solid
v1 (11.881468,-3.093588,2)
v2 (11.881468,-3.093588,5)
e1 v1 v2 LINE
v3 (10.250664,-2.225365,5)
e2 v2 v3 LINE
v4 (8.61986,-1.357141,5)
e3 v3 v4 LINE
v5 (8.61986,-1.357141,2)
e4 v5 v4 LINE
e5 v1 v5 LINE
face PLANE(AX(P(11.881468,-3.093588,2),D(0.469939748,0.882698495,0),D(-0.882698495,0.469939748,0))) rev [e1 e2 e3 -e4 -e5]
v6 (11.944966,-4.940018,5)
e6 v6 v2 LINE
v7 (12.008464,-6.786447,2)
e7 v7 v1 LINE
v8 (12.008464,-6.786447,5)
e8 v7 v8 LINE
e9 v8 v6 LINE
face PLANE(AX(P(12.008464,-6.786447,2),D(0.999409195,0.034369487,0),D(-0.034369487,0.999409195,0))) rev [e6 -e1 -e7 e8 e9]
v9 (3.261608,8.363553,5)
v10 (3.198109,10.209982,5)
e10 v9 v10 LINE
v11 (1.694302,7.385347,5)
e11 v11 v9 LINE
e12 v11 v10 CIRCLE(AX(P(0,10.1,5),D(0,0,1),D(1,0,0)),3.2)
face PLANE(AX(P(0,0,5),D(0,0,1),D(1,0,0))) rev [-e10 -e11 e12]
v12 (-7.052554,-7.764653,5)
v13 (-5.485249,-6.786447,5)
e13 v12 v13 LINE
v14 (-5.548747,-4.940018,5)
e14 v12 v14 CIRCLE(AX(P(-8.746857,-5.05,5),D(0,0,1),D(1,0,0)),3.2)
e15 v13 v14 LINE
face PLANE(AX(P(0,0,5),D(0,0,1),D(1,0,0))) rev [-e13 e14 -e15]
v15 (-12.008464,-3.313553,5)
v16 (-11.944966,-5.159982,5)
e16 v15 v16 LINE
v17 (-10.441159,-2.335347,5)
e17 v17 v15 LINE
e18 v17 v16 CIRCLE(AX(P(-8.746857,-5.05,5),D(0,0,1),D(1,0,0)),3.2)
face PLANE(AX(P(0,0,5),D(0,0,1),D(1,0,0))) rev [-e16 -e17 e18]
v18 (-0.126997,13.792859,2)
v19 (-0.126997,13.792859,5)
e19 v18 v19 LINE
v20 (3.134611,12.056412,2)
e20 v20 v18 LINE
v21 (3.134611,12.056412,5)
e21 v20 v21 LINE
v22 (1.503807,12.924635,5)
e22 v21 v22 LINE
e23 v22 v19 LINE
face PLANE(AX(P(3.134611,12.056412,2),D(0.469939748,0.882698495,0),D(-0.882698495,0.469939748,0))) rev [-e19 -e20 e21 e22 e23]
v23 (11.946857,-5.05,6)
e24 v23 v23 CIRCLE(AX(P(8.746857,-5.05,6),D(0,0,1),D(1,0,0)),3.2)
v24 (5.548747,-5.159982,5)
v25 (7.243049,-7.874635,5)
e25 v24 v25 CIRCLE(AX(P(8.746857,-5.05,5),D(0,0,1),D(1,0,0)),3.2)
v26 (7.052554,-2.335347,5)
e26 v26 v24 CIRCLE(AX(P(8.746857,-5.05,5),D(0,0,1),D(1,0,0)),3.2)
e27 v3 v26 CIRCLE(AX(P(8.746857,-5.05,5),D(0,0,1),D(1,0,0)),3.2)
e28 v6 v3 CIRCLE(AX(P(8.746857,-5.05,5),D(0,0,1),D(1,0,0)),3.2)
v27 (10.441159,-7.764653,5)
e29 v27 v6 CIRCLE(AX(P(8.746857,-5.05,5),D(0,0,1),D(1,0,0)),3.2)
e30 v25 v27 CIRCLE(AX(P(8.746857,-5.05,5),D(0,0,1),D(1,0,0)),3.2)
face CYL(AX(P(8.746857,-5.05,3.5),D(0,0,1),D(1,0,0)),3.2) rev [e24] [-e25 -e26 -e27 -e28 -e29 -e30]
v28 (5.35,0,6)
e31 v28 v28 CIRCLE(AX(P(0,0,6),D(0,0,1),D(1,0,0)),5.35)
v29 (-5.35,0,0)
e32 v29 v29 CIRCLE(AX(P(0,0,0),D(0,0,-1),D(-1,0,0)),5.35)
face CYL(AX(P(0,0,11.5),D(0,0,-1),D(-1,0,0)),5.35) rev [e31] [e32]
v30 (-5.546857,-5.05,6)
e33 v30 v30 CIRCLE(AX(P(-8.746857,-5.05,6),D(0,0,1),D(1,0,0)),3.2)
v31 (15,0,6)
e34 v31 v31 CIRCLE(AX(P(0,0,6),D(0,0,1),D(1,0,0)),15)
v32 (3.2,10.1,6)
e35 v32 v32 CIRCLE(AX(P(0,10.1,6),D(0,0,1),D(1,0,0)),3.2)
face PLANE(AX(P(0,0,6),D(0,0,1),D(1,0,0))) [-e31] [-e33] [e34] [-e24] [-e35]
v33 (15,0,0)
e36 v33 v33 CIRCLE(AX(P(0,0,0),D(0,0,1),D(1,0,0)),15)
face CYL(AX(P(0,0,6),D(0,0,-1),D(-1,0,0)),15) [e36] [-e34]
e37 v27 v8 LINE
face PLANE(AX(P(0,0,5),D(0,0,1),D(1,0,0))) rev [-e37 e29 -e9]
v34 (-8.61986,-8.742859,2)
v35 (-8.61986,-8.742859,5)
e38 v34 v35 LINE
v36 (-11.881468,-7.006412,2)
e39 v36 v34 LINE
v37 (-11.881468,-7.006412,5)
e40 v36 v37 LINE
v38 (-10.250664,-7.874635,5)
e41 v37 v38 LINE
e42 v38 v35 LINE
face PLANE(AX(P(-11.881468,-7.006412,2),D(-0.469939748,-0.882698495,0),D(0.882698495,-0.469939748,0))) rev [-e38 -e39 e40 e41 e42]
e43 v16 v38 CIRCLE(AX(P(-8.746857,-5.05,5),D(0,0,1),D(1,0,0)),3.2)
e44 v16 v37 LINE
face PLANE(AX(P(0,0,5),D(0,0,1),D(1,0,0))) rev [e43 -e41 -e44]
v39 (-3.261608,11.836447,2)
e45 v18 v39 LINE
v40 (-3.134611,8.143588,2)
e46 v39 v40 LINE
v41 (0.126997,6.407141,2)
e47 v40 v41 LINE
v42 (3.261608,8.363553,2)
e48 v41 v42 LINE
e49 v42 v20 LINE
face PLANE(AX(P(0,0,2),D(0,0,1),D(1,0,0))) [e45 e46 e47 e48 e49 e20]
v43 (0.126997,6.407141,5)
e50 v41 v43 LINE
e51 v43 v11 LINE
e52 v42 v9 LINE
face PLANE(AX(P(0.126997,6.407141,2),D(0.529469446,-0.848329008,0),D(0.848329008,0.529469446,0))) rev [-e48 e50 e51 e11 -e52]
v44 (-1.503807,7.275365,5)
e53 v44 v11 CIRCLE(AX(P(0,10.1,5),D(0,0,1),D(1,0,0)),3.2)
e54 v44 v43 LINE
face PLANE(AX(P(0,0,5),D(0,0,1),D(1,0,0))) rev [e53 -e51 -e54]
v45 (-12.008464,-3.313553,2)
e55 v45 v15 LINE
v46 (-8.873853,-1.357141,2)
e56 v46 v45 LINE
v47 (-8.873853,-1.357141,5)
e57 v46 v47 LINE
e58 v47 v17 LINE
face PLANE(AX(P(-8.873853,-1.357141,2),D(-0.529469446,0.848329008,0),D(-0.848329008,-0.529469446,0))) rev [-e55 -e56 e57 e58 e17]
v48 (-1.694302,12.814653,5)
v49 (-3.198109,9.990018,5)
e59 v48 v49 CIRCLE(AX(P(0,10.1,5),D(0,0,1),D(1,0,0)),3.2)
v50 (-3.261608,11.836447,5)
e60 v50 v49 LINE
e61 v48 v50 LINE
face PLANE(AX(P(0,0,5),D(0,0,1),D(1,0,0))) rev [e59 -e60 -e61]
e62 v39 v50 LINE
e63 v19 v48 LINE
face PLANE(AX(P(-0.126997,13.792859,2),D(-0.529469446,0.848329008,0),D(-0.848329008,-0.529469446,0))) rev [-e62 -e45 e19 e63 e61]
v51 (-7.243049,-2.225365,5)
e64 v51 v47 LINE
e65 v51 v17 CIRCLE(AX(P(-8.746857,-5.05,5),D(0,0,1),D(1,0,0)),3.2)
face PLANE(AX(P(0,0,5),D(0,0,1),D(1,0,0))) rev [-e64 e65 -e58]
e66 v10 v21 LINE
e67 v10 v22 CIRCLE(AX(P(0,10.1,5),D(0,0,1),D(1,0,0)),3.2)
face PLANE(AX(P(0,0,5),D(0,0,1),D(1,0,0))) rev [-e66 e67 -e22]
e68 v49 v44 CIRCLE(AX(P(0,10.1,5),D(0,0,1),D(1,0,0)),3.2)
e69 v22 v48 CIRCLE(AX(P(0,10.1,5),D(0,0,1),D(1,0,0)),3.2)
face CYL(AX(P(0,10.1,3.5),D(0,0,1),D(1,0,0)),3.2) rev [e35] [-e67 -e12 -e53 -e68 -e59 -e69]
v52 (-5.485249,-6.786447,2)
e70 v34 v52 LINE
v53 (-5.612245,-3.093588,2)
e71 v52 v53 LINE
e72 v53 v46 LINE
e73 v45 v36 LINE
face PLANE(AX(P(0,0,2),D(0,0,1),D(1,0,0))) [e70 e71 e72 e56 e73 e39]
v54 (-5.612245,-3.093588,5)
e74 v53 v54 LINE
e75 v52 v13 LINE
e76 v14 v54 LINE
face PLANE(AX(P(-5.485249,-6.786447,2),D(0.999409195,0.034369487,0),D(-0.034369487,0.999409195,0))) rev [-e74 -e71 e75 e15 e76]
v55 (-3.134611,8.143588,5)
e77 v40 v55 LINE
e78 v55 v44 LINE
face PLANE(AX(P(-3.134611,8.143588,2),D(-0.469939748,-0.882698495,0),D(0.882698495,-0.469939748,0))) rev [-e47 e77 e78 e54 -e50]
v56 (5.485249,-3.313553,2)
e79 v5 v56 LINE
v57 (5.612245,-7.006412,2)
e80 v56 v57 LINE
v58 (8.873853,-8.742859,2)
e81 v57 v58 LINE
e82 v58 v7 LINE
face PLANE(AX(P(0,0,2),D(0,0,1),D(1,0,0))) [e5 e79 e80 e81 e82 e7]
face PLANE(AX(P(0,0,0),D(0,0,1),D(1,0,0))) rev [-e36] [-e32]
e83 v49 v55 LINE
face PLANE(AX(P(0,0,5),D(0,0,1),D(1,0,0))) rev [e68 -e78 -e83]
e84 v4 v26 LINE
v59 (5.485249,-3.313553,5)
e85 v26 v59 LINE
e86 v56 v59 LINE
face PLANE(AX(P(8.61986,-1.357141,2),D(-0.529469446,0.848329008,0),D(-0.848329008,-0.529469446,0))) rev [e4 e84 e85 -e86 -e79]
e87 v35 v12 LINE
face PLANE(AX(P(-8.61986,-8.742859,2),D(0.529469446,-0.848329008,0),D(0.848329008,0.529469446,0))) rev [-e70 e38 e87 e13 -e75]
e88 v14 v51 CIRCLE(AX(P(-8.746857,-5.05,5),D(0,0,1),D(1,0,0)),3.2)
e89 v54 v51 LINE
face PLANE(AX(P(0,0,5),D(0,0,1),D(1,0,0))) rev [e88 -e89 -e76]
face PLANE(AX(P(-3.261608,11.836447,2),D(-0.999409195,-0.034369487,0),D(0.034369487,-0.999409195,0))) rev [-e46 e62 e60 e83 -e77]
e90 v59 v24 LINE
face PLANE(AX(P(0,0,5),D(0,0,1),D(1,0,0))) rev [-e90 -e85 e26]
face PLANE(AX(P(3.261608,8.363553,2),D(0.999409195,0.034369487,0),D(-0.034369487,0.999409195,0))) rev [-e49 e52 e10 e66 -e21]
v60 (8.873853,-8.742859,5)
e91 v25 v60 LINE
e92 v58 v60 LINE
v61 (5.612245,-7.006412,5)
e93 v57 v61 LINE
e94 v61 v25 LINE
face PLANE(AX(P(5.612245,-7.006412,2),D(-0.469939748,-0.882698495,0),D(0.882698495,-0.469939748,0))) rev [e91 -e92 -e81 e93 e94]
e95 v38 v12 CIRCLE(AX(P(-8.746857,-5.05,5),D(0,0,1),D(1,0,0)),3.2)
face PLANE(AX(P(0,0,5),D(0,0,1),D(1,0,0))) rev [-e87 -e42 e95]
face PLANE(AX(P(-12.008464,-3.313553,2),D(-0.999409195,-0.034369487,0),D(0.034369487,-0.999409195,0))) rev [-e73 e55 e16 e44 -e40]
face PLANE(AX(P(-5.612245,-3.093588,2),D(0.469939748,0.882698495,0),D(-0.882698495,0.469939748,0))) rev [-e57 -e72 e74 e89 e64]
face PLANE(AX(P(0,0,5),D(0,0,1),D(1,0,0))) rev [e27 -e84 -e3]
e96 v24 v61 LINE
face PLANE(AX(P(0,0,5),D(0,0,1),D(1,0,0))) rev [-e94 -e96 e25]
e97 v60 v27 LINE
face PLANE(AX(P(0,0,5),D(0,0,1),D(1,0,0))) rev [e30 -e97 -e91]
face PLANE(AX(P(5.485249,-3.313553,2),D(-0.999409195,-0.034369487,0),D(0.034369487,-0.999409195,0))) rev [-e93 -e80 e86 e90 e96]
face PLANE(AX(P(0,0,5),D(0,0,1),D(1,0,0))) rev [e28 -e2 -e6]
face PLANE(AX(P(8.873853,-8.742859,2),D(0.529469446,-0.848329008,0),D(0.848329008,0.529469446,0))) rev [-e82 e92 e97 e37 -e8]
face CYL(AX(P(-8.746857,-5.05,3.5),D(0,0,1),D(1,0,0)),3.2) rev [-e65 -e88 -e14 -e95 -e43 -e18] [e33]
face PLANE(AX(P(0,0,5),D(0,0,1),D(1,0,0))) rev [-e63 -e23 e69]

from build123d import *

# Parameters (mm, degrees)
SKETCH1_R           = 15
BOSS_EXTRUDE1_DEPTH = 6
SKETCH5_R           = 5.35
CUT_EXTRUDE2_DEPTH  = 11.5
CUT_EXTRUDE3_START  = -1
CUT_EXTRUDE3_DEPTH  = 3
SKETCH7_R           = 3.2
CUT_EXTRUDE4_DEPTH  = 2.5


with BuildPart() as part:
    # Sketch1 → Boss-Extrude1 (new body)
    with BuildSketch(Plane(origin=(0, 0, 0), x_dir=(0, 1, 0), z_dir=(0, 0, 1))):
        with Locations(Location((0, 0, 0), (0, 0, 270))):
            Circle(SKETCH1_R)
    extrude(amount=BOSS_EXTRUDE1_DEPTH)

    # Sketch5 → Cut-Extrude2 (cut)
    with BuildSketch(Plane(origin=(0, 0, 0), x_dir=(1, 0, 0), z_dir=(0, 0, -1))):
        with Locations(Location((0, 0, 0), (0, 0, 180))):
            Circle(SKETCH5_R)
    extrude(amount=-CUT_EXTRUDE2_DEPTH, mode=Mode.SUBTRACT)

    # Sketch2 → Cut-Extrude3 (cut)
    with BuildSketch(Plane.XY.offset(6).offset(CUT_EXTRUDE3_START)):
        Polygon((8.873853267, -8.742858672), (12.008464346, -6.786446977), (11.881467657, -3.093588305), (8.619859889, -1.357141328), (5.485248811, -3.313553023), (5.6122455, -7.006411695), align=None)
        Polygon((3.134611078, 12.056411695), (-0.126996689, 13.792858672), (-3.261607767, 11.836446977), (-3.134611078, 8.143588305), (0.126996689, 6.407141328), (3.261607767, 8.363553023), align=None)
        Polygon((-12.008464346, -3.313553023), (-11.881467657, -7.006411695), (-8.619859889, -8.742858672), (-5.485248811, -6.786446977), (-5.6122455, -3.093588305), (-8.873853267, -1.357141328), align=None)
    extrude(amount=-CUT_EXTRUDE3_DEPTH, mode=Mode.SUBTRACT)

    # Sketch7 → Cut-Extrude4 (cut)
    with BuildSketch(Plane.XY.offset(6)):
        with Locations((8.746856578, -5.05)):
            Circle(SKETCH7_R)
        with Locations((0, 10.1)):
            Circle(SKETCH7_R)
        with Locations((-8.746856578, -5.05)):
            Circle(SKETCH7_R)
    extrude(amount=-CUT_EXTRUDE4_DEPTH, mode=Mode.SUBTRACT)


solid = part.part
